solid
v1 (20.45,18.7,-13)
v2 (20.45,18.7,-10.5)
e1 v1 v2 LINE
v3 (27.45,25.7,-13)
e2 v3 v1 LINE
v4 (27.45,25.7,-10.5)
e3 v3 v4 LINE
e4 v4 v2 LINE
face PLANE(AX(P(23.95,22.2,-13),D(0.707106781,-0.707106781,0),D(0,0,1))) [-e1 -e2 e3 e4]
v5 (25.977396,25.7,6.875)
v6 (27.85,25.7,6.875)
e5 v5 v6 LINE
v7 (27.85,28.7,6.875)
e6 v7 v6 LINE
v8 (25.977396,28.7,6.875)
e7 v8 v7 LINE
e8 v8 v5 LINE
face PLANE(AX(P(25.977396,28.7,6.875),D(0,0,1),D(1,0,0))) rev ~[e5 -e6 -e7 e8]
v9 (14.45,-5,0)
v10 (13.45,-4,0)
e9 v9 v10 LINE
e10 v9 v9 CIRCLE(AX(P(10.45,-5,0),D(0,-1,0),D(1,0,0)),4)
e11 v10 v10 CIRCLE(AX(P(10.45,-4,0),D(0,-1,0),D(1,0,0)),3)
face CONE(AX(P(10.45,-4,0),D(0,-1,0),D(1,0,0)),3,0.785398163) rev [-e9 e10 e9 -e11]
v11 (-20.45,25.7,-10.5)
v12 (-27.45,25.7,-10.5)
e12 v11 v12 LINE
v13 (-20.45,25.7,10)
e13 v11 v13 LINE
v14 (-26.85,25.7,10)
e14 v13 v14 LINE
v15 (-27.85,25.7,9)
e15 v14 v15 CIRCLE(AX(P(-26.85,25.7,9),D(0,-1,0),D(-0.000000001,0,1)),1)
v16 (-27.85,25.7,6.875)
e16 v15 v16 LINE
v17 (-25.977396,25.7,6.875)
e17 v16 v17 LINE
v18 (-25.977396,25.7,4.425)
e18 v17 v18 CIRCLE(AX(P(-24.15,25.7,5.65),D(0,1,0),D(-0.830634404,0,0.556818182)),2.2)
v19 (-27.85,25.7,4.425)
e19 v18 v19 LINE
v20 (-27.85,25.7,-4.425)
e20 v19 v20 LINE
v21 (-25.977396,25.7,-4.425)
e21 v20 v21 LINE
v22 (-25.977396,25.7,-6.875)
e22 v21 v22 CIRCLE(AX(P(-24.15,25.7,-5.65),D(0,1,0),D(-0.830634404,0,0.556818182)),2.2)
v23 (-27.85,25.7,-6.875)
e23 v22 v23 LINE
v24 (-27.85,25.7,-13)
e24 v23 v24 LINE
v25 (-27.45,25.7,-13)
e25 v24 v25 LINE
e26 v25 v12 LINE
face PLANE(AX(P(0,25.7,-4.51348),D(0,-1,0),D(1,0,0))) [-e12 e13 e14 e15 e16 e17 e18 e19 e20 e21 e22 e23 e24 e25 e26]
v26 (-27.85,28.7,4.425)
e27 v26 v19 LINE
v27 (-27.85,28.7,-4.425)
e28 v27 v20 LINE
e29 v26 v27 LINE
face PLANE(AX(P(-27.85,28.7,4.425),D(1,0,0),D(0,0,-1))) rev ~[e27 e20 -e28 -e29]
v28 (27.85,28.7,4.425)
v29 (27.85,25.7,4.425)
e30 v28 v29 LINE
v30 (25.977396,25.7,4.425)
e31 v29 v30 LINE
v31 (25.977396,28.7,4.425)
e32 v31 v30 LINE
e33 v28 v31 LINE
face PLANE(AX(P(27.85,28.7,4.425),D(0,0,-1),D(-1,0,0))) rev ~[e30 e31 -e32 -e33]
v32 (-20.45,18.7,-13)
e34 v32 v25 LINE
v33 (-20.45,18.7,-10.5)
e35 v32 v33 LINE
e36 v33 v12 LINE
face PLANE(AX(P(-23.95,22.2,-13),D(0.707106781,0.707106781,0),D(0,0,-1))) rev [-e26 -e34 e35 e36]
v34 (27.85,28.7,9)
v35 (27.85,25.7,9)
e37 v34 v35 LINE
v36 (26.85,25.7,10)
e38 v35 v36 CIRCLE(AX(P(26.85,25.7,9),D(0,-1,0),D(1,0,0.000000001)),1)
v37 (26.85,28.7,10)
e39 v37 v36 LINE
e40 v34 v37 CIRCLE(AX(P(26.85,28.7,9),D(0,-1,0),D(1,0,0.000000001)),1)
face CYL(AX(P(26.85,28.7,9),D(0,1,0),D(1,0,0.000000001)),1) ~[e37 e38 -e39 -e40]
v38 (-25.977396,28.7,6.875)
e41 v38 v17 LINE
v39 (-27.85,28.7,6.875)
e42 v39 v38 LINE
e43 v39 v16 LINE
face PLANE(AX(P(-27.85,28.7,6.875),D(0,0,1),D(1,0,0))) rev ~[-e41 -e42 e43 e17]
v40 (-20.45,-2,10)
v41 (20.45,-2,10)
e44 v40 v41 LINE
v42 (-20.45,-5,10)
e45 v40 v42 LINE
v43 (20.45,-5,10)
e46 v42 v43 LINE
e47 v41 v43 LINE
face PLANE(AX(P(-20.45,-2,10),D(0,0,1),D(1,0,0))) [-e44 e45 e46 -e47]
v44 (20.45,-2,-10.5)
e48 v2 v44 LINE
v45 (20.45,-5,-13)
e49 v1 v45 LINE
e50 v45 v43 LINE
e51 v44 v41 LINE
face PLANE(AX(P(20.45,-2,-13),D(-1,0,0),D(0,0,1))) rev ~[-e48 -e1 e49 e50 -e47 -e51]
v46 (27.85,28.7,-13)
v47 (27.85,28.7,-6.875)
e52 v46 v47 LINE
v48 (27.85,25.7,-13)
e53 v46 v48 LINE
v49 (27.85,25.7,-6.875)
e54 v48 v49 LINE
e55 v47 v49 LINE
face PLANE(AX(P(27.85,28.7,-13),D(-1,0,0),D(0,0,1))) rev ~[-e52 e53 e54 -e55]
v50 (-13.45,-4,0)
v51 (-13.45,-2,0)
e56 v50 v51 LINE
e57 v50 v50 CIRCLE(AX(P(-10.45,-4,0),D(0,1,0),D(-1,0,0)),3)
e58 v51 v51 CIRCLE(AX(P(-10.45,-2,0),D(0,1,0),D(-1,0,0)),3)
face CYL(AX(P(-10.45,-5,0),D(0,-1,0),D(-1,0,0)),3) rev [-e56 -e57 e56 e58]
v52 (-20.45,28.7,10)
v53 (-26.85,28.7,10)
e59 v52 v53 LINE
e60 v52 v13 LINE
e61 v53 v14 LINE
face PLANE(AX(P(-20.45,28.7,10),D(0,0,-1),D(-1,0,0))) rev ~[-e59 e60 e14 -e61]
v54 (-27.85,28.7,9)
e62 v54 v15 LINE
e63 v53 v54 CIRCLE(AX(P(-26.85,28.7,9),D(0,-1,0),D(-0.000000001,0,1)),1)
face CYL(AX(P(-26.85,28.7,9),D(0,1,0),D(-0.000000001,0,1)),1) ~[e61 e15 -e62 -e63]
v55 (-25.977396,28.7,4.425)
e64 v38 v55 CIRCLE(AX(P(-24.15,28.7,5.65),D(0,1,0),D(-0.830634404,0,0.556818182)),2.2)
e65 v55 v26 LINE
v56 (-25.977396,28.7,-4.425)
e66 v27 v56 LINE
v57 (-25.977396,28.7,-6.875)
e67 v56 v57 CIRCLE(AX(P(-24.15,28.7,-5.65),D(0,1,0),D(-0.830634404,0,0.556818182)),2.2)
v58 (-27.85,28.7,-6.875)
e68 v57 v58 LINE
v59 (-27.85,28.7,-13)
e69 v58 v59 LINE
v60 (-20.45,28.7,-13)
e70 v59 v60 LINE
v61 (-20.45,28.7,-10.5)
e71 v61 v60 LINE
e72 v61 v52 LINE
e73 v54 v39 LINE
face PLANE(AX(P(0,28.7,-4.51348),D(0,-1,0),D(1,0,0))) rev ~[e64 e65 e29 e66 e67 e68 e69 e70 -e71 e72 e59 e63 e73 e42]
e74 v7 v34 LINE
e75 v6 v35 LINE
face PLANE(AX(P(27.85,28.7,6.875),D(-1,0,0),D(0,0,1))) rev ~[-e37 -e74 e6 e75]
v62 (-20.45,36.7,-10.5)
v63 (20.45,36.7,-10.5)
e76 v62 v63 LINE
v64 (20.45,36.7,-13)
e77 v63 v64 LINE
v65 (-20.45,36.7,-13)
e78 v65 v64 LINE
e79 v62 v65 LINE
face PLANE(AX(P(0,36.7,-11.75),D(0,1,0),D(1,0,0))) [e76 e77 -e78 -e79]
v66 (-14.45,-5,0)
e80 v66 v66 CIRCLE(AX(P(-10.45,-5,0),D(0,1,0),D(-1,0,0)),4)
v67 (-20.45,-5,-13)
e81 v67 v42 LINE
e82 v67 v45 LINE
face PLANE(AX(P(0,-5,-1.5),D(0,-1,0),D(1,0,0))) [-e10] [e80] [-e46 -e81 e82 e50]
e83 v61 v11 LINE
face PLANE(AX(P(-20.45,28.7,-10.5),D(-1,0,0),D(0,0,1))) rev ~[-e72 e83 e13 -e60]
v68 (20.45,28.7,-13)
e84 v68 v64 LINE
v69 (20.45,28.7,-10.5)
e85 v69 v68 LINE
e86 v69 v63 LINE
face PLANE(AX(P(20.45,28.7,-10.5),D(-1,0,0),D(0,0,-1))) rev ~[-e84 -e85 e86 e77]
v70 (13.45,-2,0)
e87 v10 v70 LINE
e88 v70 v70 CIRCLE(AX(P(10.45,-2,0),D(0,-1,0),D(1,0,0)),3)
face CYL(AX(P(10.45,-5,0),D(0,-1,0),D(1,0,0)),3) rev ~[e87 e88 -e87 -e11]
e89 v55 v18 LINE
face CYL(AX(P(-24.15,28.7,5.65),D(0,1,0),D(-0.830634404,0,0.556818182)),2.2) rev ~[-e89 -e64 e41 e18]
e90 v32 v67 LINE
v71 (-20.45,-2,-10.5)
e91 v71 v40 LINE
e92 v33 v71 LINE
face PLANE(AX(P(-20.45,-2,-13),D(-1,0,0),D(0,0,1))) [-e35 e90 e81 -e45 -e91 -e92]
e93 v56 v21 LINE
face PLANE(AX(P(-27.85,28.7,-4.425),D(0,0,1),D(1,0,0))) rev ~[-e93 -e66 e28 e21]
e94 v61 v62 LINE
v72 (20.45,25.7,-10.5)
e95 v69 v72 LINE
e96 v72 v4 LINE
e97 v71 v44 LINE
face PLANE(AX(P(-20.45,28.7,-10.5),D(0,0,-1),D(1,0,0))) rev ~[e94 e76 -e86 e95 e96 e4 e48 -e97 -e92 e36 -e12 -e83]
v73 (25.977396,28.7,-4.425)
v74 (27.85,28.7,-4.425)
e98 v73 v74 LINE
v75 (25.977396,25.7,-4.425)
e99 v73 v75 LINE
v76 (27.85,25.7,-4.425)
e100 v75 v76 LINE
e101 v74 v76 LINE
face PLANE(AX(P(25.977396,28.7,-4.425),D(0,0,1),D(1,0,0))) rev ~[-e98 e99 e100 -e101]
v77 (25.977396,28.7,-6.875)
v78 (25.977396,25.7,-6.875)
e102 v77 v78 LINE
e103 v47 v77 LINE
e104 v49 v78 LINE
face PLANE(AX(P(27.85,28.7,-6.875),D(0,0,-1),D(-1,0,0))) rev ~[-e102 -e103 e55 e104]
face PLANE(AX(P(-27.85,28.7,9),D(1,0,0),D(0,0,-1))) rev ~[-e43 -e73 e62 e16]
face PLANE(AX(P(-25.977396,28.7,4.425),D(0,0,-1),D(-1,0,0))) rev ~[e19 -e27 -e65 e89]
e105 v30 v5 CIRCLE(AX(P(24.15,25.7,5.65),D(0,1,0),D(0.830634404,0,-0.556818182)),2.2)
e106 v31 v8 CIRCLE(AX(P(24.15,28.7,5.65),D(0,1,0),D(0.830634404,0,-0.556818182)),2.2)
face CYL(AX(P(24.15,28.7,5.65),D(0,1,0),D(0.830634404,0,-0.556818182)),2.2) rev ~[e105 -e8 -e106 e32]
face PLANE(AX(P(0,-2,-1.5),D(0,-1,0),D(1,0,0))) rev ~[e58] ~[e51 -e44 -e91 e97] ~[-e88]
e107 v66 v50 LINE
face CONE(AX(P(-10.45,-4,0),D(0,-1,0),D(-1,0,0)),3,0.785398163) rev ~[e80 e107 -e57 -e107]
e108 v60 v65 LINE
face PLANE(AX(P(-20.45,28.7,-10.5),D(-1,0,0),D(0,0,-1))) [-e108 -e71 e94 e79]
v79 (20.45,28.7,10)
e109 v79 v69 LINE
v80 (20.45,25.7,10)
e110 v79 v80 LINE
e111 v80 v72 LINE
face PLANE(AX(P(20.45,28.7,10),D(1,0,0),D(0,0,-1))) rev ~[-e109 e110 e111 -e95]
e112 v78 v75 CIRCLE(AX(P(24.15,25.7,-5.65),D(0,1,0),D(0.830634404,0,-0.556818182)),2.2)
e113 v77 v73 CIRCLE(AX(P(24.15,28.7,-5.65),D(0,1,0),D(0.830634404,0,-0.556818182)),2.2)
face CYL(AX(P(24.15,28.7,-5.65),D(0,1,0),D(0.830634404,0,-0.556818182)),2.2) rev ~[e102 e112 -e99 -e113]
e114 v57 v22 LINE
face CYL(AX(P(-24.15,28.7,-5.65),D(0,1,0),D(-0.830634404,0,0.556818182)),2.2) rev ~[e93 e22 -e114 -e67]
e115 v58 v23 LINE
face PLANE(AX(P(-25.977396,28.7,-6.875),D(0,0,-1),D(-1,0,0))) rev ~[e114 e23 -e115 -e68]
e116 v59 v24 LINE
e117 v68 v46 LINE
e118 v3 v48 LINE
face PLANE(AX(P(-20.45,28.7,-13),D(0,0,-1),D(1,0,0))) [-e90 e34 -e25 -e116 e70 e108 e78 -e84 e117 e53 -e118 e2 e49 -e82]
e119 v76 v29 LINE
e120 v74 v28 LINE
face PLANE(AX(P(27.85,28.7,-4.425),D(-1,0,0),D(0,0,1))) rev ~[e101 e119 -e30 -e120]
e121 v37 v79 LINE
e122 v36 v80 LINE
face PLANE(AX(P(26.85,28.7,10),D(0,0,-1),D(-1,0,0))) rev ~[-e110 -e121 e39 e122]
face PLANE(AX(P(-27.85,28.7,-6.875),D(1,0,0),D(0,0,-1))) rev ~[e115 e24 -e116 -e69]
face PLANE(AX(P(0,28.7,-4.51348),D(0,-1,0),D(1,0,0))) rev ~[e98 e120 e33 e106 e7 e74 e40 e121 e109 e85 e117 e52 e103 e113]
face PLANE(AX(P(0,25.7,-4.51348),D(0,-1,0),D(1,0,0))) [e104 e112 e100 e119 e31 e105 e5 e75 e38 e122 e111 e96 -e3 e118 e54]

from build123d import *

# Parameters (mm, degrees)
EXTRUDE_2_DEPTH            = 3
SKETCH_4_W                 = 40.9
SKETCH_4_H                 = 2.5
EXTRUDE_3_DEPTH            = 27.7
SKETCH_5_W                 = 40.9
SKETCH_5_H                 = 23
EXTRUDE_4_DEPTH            = 3
CHAMFER_2_SIZE             = 7
SKETCH_8_R                 = 3
CUT_EXTRUDE_3_DEPTH        = 3
CHAMFER_3_SIZE             = 1
CHAMFER_3_OF_MIRROR_1_SIZE = 1
SKETCH_9_W                 = 40.9
SKETCH_9_H                 = 2.5
EXTRUDE_5_DEPTH            = 8


with BuildPart() as part:
    # 스케치3 → 보스-돌출2 (new body)
    with BuildSketch(Plane.XZ.offset(-28.7)):
        with BuildLine():
            Line((-27.85, -6.875), (-27.85, -9))
            Line((-27.85, -9), (-27.85, -13))
            Line((-27.85, -13), (27.85, -13))
            Line((27.85, -13), (27.85, -9))
            Line((27.85, -9), (27.85, -6.875))
            Line((27.85, -6.875), (25.977395688, -6.875))
            ThreePointArc((25.977395688, -6.875), (21.95, -5.65), (25.977395688, -4.425))
            Line((25.977395688, -4.425), (27.85, -4.425))
            Line((27.85, -4.425), (27.85, 4.425))
            Line((27.85, 4.425), (25.977395688, 4.425))
            ThreePointArc((25.977395688, 4.425), (21.95, 5.65), (25.977395688, 6.875))
            Line((25.977395688, 6.875), (27.85, 6.875))
            Line((27.85, 6.875), (27.85, 9))
            ThreePointArc((27.85, 9), (27.557106781, 9.707106781), (26.85, 10))
            Line((26.85, 10), (20.45, 10))
            Line((20.45, 10), (20.45, -10))
            Line((20.45, -10), (20.45, -10.5))
            Line((20.45, -10.5), (-20.45, -10.5))
            Line((-20.45, -10.5), (-20.45, -10))
            Line((-20.45, -10), (-20.45, 10))
            Line((-20.45, 10), (-26.85, 10))
            ThreePointArc((-26.85, 10), (-27.557106781, 9.707106781), (-27.85, 9))
            Line((-27.85, 9), (-27.85, 6.875))
            Line((-27.85, 6.875), (-25.977395688, 6.875))
            ThreePointArc((-25.977395688, 6.875), (-21.95, 5.65), (-25.977395688, 4.425))
            Line((-25.977395688, 4.425), (-27.85, 4.425))
            Line((-27.85, 4.425), (-27.85, -4.425))
            Line((-27.85, -4.425), (-25.977395688, -4.425))
            ThreePointArc((-25.977395688, -4.425), (-21.95, -5.65), (-25.977395688, -6.875))
            Line((-25.977395688, -6.875), (-27.85, -6.875))
        make_face()
    extrude(amount=EXTRUDE_2_DEPTH)

    # 스케치4 → 보스-돌출3 (add)
    with BuildSketch(Plane.XZ.offset(-25.7)):
        with Locations((0, -11.75)):
            Rectangle(SKETCH_4_W, SKETCH_4_H)
    extrude(amount=EXTRUDE_3_DEPTH)

    # 스케치5 → 보스-돌출4 (add)
    with BuildSketch(Plane.XZ.offset(2)):
        with Locations((0, -1.5)):
            Rectangle(SKETCH_5_W, SKETCH_5_H)
    extrude(amount=EXTRUDE_4_DEPTH)

    # 모따기2
    chamfer_2_edges = [part.edges().sort_by_distance(p)[0] for p in [
        (20.45, 25.7, -11.75),
        (-20.45, 25.7, -11.75),
    ]]
    chamfer(chamfer_2_edges, length=CHAMFER_2_SIZE)

    # 스케치8 → 컷-돌출3 (cut)
    with BuildSketch(Plane.XZ.offset(5)):
        with Locations((10.45, 0)):
            Circle(SKETCH_8_R)
    cut_extrude_3 = extrude(amount=-CUT_EXTRUDE_3_DEPTH, mode=Mode.SUBTRACT)

    # 모따기3
    chamfer_3_edges = [part.edges().sort_by_distance(p)[0] for p in [
        (7.45, -5, 0),
    ]]
    chamfer(chamfer_3_edges, length=CHAMFER_3_SIZE)

    # 대칭 복사1: 컷-돌출3 across plane
    add(cut_extrude_3.mirror(Plane(origin=(0, 0, 0), x_dir=(0, 0, 1), z_dir=(1, 0, 0))), mode=Mode.SUBTRACT)

    # 모따기3 of 대칭 복사1
    chamfer_3_of_mirror_1_edges = [part.edges().sort_by_distance(p)[0] for p in [
        (-7.45, -5, 0),
    ]]
    chamfer(chamfer_3_of_mirror_1_edges, length=CHAMFER_3_OF_MIRROR_1_SIZE)

    # 스케치9 → 보스-돌출5 (add)
    with BuildSketch(Plane(origin=(0, 28.7, 0), x_dir=(1, 0, 0), z_dir=(0, 1, 0))):
        with Locations((0, 11.75)):
            Rectangle(SKETCH_9_W, SKETCH_9_H)
    extrude(amount=EXTRUDE_5_DEPTH)


solid = part.part
